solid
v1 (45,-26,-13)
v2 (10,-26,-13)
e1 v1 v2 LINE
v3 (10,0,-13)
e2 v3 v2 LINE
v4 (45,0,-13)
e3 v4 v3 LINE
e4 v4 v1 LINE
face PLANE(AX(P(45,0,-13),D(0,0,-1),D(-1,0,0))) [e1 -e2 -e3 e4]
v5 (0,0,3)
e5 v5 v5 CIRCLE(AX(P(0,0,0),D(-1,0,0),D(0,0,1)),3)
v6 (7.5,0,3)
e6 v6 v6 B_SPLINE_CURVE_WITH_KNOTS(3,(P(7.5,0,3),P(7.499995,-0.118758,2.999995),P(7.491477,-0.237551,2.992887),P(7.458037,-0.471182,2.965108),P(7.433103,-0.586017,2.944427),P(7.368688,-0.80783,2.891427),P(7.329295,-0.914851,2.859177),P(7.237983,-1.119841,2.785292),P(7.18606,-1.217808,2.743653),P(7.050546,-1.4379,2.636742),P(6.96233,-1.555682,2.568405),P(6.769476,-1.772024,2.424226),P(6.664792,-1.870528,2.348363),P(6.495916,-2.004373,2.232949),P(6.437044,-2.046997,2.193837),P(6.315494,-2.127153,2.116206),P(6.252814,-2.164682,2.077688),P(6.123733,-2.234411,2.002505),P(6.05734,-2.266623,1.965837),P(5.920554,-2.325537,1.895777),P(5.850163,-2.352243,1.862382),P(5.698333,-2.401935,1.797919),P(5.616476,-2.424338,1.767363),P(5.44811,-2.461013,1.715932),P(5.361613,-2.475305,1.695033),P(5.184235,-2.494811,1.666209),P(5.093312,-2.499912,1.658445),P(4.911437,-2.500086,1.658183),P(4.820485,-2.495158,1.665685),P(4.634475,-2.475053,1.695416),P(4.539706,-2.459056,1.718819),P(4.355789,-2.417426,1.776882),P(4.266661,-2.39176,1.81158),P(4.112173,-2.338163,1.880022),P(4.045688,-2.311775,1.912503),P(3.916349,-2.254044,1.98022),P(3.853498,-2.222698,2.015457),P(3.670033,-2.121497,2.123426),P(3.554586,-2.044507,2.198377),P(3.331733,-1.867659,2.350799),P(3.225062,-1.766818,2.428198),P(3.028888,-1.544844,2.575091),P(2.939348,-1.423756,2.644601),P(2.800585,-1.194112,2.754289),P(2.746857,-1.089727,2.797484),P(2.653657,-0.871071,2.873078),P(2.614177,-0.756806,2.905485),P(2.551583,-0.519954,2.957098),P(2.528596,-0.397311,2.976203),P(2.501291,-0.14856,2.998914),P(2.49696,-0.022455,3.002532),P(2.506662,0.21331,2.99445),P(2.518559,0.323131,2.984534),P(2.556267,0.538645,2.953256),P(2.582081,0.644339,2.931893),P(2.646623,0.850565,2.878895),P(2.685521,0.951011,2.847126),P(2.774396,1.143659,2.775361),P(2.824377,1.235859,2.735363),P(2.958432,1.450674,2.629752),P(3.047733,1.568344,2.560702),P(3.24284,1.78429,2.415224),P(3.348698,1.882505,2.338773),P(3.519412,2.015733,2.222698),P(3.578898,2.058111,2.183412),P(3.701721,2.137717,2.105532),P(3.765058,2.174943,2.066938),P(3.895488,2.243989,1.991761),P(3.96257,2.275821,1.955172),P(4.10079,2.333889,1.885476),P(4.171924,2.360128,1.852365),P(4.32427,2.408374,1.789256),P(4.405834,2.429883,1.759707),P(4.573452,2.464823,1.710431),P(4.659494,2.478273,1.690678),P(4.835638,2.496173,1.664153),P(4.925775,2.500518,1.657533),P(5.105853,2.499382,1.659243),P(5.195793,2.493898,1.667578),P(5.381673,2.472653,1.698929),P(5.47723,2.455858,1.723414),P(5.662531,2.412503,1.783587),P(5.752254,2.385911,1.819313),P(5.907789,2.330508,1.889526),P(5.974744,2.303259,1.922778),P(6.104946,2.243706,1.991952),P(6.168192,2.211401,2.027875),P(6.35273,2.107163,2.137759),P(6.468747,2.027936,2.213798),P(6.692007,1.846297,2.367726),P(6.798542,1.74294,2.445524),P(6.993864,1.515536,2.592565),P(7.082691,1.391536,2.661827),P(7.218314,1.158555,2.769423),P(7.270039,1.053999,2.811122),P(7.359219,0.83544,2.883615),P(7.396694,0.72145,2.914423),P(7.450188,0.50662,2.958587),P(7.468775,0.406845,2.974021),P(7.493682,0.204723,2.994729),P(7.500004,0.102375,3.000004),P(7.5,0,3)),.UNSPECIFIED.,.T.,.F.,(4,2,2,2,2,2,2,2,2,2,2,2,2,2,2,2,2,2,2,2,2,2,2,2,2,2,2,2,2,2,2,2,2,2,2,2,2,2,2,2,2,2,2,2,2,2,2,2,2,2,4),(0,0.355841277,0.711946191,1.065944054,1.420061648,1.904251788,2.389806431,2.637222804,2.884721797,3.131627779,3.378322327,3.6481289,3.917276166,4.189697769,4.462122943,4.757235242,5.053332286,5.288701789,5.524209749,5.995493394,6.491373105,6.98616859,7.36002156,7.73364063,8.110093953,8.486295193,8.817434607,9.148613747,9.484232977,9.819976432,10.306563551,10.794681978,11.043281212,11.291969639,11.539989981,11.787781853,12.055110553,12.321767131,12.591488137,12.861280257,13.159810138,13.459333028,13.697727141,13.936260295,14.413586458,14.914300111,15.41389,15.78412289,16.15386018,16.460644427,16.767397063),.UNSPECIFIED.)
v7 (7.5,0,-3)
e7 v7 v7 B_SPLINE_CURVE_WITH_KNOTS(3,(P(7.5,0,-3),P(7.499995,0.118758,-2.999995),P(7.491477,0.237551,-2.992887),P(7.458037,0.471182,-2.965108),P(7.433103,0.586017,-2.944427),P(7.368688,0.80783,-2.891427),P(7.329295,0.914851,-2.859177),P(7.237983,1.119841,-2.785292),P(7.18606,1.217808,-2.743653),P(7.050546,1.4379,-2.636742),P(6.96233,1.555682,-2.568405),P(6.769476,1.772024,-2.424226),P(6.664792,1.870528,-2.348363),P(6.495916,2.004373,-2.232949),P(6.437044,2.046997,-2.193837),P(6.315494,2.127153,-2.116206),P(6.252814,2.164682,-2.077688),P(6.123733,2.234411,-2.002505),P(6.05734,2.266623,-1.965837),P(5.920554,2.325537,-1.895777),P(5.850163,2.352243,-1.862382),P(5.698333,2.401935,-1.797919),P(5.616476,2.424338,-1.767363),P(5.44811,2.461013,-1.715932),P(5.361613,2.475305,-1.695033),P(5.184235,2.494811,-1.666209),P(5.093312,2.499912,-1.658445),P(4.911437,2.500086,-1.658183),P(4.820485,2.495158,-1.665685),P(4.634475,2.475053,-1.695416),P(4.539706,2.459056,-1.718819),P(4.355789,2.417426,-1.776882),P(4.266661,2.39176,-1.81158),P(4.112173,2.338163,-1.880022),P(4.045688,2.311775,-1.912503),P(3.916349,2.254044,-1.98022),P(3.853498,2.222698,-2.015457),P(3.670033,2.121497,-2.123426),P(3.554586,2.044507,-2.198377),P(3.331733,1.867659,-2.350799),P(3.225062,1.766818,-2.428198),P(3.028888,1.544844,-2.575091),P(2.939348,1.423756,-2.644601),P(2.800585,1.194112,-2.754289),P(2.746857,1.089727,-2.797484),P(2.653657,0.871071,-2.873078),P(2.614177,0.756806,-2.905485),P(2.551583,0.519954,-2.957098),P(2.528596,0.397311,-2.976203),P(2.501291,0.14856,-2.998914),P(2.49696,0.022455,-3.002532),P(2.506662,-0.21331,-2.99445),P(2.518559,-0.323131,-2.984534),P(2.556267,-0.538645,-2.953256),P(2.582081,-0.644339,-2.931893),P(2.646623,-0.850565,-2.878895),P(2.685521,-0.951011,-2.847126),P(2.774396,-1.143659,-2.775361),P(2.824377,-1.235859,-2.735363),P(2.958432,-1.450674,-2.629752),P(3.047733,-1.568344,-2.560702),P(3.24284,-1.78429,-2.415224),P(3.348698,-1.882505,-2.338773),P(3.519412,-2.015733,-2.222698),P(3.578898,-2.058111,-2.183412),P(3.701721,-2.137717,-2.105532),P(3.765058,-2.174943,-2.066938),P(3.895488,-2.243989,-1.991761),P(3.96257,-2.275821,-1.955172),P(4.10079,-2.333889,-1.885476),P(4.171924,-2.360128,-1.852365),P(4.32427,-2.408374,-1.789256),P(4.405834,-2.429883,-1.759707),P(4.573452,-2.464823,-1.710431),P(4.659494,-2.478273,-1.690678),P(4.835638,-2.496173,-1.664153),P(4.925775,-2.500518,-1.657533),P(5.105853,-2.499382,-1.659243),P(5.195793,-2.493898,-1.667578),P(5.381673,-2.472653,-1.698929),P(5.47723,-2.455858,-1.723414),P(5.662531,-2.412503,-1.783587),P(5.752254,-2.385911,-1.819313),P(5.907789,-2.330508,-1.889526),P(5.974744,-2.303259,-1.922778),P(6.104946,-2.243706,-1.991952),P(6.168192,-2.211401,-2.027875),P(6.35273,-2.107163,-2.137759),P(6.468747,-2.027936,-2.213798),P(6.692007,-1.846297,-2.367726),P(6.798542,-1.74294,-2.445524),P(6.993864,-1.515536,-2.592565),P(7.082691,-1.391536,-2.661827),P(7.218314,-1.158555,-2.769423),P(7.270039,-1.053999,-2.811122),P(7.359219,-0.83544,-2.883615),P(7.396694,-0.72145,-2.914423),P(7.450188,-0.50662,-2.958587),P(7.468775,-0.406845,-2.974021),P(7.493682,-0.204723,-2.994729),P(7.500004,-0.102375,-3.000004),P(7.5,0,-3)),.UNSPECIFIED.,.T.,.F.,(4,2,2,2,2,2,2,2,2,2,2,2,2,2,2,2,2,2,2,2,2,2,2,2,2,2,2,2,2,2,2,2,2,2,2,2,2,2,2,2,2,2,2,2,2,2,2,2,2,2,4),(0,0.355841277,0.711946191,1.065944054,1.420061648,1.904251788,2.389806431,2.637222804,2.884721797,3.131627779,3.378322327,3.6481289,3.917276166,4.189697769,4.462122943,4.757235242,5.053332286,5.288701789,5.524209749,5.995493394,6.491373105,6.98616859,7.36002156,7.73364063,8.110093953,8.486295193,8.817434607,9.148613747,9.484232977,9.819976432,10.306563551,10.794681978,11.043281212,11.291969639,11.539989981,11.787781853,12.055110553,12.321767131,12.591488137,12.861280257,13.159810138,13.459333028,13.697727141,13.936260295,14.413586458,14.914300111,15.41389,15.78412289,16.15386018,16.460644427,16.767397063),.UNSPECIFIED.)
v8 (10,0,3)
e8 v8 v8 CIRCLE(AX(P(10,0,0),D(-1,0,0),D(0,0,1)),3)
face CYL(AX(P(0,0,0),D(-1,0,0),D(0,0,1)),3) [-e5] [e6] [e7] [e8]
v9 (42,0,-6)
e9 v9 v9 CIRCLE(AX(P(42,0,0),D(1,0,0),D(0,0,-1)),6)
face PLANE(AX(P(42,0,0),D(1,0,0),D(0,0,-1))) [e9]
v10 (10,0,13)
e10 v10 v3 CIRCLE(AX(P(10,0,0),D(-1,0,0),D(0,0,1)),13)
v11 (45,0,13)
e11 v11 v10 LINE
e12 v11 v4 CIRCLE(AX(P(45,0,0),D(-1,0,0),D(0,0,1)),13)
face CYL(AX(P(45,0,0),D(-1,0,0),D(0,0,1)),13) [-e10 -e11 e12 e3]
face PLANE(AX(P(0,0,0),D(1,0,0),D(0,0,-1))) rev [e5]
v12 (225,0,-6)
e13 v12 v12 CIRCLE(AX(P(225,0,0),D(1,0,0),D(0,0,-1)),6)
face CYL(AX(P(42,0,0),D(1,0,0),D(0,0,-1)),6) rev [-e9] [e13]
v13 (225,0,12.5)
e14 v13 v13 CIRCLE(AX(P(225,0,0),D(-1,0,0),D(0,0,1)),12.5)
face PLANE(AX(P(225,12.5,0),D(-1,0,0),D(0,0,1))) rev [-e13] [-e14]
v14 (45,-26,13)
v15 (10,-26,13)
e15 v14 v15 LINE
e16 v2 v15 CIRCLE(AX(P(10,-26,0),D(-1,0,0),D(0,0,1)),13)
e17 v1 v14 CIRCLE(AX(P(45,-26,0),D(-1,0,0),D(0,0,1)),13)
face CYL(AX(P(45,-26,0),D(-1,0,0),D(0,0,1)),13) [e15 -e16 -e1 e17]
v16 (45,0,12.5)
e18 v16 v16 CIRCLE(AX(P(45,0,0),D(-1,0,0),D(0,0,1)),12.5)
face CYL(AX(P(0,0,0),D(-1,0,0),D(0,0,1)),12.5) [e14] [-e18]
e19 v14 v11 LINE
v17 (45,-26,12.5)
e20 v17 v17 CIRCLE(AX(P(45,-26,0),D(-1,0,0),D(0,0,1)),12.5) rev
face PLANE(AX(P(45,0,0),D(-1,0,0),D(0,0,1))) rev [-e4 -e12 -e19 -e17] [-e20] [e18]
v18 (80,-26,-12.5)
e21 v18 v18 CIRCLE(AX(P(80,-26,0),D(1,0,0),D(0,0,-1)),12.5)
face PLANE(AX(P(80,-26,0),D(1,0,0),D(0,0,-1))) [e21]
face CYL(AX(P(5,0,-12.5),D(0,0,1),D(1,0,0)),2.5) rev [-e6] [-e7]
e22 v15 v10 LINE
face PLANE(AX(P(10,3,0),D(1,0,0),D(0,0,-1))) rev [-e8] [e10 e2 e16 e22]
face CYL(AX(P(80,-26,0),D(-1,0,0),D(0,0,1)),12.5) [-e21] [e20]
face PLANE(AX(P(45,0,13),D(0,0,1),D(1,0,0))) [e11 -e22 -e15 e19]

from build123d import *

# Parameters (mm, degrees)
SKETCH3_R               = 2.5
CUT_EXTRUDE2_DEPTH      = 13.5
CUT_EXTRUDE2_DEPTH_BACK = 13.5
SKETCH2_R               = 6
CUT_EXTRUDE3_DEPTH      = 183
SKETCH4_R               = 12.5
BOSS_EXTRUDE1_DEPTH     = 35
SKETCH5_R               = 12.5
BOSS_EXTRUDE2_DEPTH     = 35


with BuildPart() as part:
    # Sketch1 → Revolve1 (revolve)
    with BuildSketch(Plane.XY):
        Polygon((0, 0), (0, 3), (10, 3), (10, 12.5), (225, 12.5), (225, 0), align=None)
    revolve(axis=Axis((0, 0, 0), (1, 0, 0)))

    # Sketch3 → Cut-Extrude2 (cut, two sides)
    with BuildSketch(Plane.XY) as cut_extrude2_sk:
        with Locations((5, 0)):
            Circle(SKETCH3_R)
    extrude(amount=CUT_EXTRUDE2_DEPTH, mode=Mode.SUBTRACT)
    extrude(cut_extrude2_sk.sketch, amount=-CUT_EXTRUDE2_DEPTH_BACK, mode=Mode.SUBTRACT)

    # Sketch2 → Cut-Extrude3 (cut)
    with BuildSketch(Plane(origin=(225, 0, 0), x_dir=(0, 0, -1), z_dir=(1, 0, 0))):
        Circle(SKETCH2_R)
    extrude(amount=-CUT_EXTRUDE3_DEPTH, mode=Mode.SUBTRACT)

    # Sketch4 → Boss-Extrude1 (add)
    with BuildSketch(Plane.ZY.offset(-10)):
        with BuildLine():
            Line((-13, 0), (-13, -26))
            ThreePointArc((-13, -26), (0, -39), (13, -26))
            Line((13, -26), (13, 0))
            ThreePointArc((13, 0), (0, 13), (-13, 0))
        make_face()
        Circle(SKETCH4_R, mode=Mode.SUBTRACT)
    extrude(amount=-BOSS_EXTRUDE1_DEPTH)

    # Sketch5 → Boss-Extrude2 (add)
    with BuildSketch(Plane(origin=(45, 0, 0), x_dir=(0, 0, -1), z_dir=(1, 0, 0))):
        with Locations((0, -26)):
            Circle(SKETCH5_R)
    extrude(amount=BOSS_EXTRUDE2_DEPTH)


solid = part.part
